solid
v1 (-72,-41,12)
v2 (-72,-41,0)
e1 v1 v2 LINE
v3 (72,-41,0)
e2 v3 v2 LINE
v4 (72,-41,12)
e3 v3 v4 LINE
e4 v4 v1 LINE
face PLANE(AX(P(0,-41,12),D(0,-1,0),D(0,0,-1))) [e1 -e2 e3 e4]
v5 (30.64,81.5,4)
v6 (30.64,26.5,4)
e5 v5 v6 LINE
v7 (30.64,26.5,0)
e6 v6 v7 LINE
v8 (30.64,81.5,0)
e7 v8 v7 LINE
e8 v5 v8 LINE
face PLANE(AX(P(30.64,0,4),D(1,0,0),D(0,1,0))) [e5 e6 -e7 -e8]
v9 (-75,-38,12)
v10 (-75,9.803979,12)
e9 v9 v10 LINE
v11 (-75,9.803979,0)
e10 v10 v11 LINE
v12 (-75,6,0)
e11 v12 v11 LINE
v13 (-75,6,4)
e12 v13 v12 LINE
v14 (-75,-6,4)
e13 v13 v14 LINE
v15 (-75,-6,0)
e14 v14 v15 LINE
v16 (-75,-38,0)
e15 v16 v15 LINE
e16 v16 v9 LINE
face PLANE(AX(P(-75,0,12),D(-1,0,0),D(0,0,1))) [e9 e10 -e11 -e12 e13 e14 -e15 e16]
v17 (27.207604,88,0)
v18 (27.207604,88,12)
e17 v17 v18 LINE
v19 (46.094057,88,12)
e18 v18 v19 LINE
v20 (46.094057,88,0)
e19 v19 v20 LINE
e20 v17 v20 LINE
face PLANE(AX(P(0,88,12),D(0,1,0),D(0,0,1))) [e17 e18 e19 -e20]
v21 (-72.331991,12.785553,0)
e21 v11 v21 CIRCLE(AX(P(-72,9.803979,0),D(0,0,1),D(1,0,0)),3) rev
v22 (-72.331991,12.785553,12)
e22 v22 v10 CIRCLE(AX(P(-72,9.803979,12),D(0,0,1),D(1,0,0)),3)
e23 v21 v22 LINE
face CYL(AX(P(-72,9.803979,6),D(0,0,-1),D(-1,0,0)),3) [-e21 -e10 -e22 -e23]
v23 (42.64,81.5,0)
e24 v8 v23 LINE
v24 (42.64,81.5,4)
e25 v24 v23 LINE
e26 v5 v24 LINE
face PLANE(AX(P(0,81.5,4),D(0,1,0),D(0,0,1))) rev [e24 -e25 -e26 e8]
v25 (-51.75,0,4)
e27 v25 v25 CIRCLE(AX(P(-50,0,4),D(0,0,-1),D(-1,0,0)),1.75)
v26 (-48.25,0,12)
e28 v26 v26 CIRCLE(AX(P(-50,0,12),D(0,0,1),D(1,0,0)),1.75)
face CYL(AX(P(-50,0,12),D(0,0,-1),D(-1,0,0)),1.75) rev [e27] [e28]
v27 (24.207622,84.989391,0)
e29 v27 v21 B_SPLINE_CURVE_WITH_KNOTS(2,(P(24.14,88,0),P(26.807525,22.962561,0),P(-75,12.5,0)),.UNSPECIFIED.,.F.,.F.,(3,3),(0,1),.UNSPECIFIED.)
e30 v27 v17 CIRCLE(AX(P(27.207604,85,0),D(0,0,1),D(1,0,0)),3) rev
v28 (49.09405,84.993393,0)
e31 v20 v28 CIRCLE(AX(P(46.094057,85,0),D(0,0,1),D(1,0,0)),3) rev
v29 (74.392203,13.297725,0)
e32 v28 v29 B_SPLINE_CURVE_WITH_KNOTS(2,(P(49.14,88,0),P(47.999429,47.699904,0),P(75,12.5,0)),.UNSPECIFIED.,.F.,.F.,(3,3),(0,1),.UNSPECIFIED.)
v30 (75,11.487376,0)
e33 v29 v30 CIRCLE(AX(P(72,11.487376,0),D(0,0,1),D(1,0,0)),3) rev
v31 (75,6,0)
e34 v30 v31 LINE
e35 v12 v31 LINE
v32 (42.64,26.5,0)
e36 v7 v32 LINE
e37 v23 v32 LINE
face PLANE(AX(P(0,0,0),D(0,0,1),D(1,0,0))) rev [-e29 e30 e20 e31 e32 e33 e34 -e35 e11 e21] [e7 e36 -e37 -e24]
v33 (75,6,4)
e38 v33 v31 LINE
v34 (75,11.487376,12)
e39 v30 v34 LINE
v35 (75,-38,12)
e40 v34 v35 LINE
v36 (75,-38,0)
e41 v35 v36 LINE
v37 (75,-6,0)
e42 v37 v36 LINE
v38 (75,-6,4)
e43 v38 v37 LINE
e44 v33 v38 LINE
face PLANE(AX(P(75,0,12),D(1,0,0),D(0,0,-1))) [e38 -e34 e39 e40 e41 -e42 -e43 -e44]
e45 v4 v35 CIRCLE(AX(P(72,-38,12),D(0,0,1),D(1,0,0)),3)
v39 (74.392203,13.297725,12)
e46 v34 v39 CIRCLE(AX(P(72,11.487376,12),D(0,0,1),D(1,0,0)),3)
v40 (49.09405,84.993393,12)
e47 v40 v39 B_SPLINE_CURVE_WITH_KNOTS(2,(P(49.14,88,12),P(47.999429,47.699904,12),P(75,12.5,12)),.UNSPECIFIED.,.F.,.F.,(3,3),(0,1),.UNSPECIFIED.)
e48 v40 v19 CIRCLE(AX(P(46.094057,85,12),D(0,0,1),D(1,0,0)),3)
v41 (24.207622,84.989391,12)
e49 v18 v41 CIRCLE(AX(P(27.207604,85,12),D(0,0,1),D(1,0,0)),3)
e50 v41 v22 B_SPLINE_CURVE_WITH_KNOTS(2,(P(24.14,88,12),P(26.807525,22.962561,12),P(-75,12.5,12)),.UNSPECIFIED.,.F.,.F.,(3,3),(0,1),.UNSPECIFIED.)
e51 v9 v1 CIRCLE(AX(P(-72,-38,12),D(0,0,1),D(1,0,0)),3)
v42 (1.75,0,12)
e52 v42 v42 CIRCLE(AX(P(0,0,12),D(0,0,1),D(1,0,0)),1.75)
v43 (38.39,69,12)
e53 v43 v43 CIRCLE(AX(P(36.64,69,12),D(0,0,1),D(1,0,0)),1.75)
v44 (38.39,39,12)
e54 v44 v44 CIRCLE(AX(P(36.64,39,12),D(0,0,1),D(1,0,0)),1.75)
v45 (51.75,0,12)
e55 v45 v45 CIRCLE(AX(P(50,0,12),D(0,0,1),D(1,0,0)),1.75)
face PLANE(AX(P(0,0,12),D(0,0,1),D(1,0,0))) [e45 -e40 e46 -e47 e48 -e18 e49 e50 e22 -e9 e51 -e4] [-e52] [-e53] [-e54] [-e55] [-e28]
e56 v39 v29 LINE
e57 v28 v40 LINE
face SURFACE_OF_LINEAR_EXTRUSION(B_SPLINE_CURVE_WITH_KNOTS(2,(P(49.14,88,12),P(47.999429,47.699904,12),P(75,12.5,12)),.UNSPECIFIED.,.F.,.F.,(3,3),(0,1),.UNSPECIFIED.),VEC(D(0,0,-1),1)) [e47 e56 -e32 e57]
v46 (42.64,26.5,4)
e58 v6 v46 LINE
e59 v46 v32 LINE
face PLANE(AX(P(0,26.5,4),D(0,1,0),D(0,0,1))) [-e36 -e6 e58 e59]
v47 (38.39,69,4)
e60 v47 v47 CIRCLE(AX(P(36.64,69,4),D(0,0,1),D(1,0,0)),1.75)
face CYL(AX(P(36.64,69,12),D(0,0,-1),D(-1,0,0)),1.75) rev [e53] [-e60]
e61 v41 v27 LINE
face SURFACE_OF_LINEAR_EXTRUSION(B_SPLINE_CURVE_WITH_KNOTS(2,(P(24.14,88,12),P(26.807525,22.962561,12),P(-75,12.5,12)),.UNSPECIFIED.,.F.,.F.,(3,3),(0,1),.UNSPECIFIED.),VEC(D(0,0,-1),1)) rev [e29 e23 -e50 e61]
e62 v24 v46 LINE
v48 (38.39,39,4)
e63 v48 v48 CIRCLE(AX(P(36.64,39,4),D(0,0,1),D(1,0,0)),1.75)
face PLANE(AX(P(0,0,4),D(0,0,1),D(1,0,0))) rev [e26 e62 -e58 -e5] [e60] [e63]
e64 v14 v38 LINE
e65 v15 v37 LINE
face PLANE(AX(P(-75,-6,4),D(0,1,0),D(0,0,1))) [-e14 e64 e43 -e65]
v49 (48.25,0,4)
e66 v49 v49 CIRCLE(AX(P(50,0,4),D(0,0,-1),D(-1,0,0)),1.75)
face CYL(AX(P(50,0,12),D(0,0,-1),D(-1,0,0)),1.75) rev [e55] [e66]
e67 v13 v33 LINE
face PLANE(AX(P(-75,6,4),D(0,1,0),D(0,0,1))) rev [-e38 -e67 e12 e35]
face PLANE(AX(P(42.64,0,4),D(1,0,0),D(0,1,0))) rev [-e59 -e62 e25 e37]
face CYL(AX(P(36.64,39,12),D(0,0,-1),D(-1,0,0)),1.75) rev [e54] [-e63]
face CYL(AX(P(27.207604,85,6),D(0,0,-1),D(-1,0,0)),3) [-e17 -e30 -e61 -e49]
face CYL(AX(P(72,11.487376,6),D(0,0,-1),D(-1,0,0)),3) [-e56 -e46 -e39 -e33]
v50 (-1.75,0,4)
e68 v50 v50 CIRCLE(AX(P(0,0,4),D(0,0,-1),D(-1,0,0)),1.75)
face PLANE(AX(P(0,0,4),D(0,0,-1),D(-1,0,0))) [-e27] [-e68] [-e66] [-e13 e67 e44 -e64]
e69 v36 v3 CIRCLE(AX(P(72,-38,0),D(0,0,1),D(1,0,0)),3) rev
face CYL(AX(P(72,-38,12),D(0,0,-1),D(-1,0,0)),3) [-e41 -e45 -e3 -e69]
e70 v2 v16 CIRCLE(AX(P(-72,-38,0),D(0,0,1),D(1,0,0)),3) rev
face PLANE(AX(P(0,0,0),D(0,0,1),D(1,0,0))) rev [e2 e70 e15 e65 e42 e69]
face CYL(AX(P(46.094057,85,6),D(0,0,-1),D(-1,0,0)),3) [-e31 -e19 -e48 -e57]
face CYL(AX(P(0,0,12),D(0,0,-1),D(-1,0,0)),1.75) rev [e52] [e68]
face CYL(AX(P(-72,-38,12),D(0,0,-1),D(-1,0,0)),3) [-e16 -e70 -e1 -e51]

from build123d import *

# Parameters (mm, degrees)
SKIZZE1_R                       = 1.75
AUFSATZ_LINEAR_AUSTRAGEN1_DEPTH = 12
SKIZZE1_4_W                     = 150
SKIZZE1_4_H                     = 12
SKIZZE1_4_W_2                   = 12
SKIZZE1_4_H_2                   = 55
SKIZZE1_4_R                     = 1.75
SCHNITT_LINEAR_AUSTRAGEN2_DEPTH = 4
VERRUNDUNG1_R                   = 3


with BuildPart() as part:
    # Skizze1 → Aufsatz-Linear austragen1 (new body)
    with BuildSketch(Plane.XY):
        with BuildLine():
            Line((49.14, 88), (24.14, 88))
            add(Edge.make_bspline(
                [(24.14, 88), (26.807525043, 22.962561466), (-75, 12.5)],
                knots=[0, 0, 0, 1, 1, 1], degree=2))
            Line((-75, 12.5), (-75, -41))
            Line((-75, -41), (75, -41))
            Line((75, -41), (75, 12.5))
            add(Edge.make_bspline(
                [(49.14, 88), (47.999428855, 47.699903884), (75, 12.5)],
                knots=[0, 0, 0, 1, 1, 1], degree=2))
        make_face()
        with Locations((50, 0)):
            Circle(SKIZZE1_R, mode=Mode.SUBTRACT)
        with Locations((-50, 0)):
            Circle(SKIZZE1_R, mode=Mode.SUBTRACT)
        Circle(SKIZZE1_R, mode=Mode.SUBTRACT)
        with Locations((36.64, 39)):
            Circle(SKIZZE1_R, mode=Mode.SUBTRACT)
        with Locations((36.64, 69)):
            Circle(SKIZZE1_R, mode=Mode.SUBTRACT)
    extrude(amount=AUFSATZ_LINEAR_AUSTRAGEN1_DEPTH)

    # Skizze1<4> → Schnitt-Linear austragen2 (cut)
    # profile 1 of 2: a face of its own
    with BuildSketch(Plane.XY):
        Rectangle(SKIZZE1_4_W, SKIZZE1_4_H)
    # profile 2 of 2: a face of its own
    with BuildSketch(Plane.XY):
        with Locations((36.64, 54)):
            Rectangle(SKIZZE1_4_W_2, SKIZZE1_4_H_2)
        with Locations((36.64, 39)):
            Circle(SKIZZE1_4_R, mode=Mode.SUBTRACT)
        with Locations((36.64, 69)):
            Circle(SKIZZE1_4_R, mode=Mode.SUBTRACT)
    extrude(amount=SCHNITT_LINEAR_AUSTRAGEN2_DEPTH, mode=Mode.SUBTRACT)

    # Verrundung1
    verrundung1_edges = [part.edges().sort_by_distance(p)[0] for p in [
        (75, -41, 6),
        (75, 12.5, 6),
        (49.14, 88, 6),
        (-75, -41, 6),
        (-75, 12.5, 6),
        (24.14, 88, 6),
    ]]
    fillet(verrundung1_edges, radius=VERRUNDUNG1_R)


solid = part.part
